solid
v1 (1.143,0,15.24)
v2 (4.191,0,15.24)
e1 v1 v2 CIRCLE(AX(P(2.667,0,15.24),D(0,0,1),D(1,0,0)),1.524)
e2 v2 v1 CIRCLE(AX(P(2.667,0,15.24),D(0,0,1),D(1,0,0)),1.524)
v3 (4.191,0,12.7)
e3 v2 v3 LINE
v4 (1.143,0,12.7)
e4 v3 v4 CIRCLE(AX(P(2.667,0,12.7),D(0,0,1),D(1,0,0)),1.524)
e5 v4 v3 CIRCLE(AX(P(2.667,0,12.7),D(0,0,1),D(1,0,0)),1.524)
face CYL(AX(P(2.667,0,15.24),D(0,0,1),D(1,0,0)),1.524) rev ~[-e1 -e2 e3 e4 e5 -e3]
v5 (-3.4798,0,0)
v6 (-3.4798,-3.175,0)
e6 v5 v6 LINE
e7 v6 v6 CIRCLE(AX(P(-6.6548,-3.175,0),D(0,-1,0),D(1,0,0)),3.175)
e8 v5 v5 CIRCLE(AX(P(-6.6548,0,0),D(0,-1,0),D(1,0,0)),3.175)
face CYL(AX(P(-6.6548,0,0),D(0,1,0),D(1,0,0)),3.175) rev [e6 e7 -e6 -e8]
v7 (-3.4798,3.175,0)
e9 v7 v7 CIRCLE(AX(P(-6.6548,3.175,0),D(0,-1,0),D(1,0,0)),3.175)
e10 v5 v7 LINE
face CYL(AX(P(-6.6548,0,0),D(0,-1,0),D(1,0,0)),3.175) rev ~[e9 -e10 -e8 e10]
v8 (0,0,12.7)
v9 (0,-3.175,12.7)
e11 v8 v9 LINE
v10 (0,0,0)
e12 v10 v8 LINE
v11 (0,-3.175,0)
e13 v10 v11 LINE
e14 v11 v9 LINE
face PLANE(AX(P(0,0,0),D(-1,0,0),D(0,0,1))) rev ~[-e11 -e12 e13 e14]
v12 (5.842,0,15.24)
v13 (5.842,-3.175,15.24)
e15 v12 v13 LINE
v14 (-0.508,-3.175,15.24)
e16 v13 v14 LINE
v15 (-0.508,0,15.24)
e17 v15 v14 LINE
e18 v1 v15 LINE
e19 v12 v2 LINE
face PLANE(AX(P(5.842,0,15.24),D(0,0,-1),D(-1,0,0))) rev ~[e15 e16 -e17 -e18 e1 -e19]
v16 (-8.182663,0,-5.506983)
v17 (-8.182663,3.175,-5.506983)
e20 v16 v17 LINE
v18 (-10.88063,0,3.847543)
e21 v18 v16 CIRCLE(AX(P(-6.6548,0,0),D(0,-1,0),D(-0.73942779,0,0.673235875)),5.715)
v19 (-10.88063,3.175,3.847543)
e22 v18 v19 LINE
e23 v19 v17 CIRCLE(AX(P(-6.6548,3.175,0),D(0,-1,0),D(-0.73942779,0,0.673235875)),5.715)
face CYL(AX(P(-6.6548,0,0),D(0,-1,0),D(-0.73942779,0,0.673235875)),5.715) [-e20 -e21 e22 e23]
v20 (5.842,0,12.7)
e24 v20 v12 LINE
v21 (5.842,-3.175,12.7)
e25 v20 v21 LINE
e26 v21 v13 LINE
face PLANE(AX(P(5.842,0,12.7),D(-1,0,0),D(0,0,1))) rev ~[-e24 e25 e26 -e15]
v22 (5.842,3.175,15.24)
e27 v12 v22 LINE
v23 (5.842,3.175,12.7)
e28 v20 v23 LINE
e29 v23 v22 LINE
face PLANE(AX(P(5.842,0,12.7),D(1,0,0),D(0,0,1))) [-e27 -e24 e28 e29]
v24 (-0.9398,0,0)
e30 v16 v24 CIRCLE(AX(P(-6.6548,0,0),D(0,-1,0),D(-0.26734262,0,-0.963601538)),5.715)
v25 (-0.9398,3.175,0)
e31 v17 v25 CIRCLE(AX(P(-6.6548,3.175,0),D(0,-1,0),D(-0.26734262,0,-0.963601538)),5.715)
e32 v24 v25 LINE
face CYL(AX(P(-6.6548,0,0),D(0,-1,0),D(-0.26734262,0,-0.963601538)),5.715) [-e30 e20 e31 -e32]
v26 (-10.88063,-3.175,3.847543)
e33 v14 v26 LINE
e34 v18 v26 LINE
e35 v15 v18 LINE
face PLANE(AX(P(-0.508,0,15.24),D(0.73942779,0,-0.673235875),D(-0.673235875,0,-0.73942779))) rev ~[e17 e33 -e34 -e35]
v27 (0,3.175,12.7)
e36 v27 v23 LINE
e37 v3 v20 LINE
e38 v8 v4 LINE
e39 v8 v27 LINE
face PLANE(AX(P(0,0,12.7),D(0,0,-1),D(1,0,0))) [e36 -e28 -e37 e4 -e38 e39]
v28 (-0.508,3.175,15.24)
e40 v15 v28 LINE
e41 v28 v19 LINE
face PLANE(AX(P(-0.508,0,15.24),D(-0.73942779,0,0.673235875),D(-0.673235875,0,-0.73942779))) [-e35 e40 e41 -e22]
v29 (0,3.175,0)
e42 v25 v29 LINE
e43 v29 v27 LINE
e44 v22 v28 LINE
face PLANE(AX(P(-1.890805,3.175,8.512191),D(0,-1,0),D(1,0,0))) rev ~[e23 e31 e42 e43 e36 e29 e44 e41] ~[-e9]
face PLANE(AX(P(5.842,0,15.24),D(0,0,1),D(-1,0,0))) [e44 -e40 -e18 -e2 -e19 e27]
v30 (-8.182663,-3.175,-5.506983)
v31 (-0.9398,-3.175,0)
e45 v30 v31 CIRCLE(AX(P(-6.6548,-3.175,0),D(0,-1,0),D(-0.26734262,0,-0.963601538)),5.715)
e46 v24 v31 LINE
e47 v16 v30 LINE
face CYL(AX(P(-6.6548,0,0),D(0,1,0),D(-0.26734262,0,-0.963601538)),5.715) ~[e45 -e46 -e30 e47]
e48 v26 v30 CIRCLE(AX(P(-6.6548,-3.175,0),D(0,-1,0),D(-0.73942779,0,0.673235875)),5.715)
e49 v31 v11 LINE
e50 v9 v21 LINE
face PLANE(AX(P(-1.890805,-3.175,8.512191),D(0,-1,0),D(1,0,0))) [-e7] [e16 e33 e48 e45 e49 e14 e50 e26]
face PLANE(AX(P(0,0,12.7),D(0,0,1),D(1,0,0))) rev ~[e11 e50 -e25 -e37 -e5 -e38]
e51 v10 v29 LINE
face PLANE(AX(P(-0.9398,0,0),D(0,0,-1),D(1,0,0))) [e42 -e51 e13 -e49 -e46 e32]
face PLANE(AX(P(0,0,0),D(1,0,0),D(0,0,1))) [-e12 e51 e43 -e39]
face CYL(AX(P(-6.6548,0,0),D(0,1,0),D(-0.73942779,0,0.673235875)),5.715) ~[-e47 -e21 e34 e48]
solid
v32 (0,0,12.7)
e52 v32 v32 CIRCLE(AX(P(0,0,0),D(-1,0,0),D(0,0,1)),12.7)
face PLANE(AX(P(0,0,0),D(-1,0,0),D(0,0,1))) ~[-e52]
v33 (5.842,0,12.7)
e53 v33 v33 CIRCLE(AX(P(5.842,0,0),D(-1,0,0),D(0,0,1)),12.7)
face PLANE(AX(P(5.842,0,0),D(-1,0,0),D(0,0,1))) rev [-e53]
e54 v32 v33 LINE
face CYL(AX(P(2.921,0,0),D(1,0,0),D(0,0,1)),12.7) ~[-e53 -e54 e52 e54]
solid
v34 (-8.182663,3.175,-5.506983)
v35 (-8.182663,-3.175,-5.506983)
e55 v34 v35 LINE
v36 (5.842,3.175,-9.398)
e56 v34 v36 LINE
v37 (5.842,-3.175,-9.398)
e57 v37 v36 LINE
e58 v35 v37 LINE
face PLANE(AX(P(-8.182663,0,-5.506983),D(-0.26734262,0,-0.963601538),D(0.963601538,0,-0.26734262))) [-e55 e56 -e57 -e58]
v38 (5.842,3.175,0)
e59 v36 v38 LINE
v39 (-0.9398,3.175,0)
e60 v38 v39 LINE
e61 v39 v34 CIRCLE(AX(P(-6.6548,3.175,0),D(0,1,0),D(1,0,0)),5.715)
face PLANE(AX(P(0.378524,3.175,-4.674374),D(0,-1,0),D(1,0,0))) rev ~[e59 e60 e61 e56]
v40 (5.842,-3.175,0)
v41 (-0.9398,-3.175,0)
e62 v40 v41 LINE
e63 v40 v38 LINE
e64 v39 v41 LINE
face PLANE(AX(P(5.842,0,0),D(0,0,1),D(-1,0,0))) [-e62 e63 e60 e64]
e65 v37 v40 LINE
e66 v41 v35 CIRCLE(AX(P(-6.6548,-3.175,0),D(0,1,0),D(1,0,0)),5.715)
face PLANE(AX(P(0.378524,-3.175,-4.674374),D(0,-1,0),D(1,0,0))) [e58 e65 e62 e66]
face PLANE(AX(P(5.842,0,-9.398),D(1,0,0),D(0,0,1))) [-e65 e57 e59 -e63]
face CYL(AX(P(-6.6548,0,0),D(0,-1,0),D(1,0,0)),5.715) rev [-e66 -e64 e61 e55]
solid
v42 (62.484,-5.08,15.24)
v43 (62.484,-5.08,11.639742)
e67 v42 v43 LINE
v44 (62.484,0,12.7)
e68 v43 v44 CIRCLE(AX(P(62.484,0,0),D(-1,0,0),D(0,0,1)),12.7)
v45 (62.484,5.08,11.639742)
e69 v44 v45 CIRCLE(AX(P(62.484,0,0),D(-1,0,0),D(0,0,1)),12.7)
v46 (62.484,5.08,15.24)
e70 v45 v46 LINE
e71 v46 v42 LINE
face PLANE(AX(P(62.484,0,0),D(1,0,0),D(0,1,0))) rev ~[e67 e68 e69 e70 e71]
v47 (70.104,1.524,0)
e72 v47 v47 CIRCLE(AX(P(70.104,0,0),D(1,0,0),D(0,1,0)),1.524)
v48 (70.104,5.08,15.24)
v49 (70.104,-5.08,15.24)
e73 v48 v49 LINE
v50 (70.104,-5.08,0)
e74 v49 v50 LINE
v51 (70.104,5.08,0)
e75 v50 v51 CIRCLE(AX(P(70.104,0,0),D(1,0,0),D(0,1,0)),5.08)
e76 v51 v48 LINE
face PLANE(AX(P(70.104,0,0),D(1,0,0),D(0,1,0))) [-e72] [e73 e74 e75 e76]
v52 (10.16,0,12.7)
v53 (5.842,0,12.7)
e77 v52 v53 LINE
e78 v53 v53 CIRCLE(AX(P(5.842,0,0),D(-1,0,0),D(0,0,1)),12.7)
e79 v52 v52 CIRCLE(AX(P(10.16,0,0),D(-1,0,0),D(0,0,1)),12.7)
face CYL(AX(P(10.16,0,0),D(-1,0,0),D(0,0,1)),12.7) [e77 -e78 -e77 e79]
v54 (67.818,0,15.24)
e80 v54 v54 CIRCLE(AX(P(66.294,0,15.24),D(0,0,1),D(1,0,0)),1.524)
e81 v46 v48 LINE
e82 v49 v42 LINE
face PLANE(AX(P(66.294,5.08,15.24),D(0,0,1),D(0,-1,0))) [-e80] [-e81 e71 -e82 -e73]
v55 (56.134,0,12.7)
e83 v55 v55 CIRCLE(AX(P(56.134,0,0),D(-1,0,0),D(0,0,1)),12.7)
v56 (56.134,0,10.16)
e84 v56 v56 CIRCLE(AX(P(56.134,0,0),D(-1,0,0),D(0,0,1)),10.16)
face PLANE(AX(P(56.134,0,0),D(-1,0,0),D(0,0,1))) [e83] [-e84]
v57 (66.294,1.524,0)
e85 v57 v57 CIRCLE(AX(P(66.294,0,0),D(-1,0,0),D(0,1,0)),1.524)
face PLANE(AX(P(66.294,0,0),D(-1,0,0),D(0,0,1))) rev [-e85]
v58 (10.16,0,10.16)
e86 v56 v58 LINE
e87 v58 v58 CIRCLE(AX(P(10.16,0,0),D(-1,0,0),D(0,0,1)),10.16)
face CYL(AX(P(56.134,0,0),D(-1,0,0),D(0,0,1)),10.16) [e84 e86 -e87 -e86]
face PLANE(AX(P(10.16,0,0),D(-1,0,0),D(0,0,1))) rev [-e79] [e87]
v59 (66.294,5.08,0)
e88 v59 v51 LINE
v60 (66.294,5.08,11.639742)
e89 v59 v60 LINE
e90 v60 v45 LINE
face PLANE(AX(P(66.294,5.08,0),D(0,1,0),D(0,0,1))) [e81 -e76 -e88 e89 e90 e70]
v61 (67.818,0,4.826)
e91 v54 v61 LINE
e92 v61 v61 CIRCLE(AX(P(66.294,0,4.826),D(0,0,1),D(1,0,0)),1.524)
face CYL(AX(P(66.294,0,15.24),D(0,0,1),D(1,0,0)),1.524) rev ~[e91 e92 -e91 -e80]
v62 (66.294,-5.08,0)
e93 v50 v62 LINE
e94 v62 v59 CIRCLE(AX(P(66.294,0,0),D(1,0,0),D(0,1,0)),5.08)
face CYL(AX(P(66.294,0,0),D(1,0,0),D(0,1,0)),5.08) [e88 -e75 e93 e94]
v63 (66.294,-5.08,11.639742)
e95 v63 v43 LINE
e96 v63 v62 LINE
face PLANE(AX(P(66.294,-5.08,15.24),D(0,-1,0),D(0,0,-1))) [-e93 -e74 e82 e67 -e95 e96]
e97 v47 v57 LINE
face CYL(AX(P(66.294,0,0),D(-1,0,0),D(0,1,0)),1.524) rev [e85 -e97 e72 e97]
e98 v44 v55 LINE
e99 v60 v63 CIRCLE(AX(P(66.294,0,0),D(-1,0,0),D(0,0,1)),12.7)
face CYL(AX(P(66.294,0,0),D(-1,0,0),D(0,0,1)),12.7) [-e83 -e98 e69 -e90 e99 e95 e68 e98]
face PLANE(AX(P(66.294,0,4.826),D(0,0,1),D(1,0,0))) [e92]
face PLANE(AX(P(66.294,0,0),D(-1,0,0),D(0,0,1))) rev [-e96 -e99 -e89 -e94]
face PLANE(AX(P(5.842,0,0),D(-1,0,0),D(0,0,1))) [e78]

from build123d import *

# Parameters (mm, degrees)
F0_R      = 3.175
F1_DEPTH  = 3.175
F0_W      = 5.842
F0_H      = 12.7
F4_DEPTH  = 3.175
F5_R      = 1.524
F6_DEPTH  = 3.81
F7_R      = 1.524
F8_DEPTH  = 10.414
F9_R      = 1.524
F10_DEPTH = 17.78


with BuildPart() as f1:
    # F0 (on Front) → F1 (new body, symmetric)
    with BuildSketch(Plane.XZ):
        with BuildLine():
            Line((-0.9398, 0), (0, 0))
            Line((0, 0), (0, 12.7))
            Line((0, 12.7), (5.842, 12.7))
            Line((5.842, 12.7), (5.842, 15.24))
            Line((5.842, 15.24), (-0.508, 15.24))
            Line((-0.508, 15.24), (-10.8806298187, 3.8475430269))
            ThreePointArc((-10.8806298187, 3.8475430269), (-4.5919612295, 5.3297205562), (-0.9398, 0))
        make_face()
        with BuildLine():
            ThreePointArc((-8.1826630726, -5.5069827884), (-3.1957909266, -4.5493385486), (-0.9398, 0))
            ThreePointArc((-0.9398, 0), (-4.5919612295, 5.3297205562), (-10.8806298187, 3.8475430269))
            ThreePointArc((-10.8806298187, 3.8475430269), (-12.1459778134, -1.5837270034), (-8.1826630726, -5.5069827884))
        make_face()
        with Locations((-6.6548, 0)):
            Circle(F0_R, mode=Mode.SUBTRACT)
    extrude(amount=F1_DEPTH, both=True)

    # F9 (on face) → F10 (cut)
    with BuildSketch(Plane.XY.offset(15.24)):
        with Locations((2.667, 0)):
            Circle(F9_R)
    extrude(amount=-F10_DEPTH, mode=Mode.SUBTRACT)


with BuildPart() as f2:
    # F0 (on Front) → F2 (revolve)
    with BuildSketch(Plane.XZ):
        Polygon((5.842, 12.7), (5.842, 0), (66.294, 0), (66.294, 12.7), (56.134, 12.7), (56.134, 10.16), (10.16, 10.16), (10.16, 12.7), align=None)
    revolve(axis=Axis((-3.3274, 0, 0), (-1, 0, 0)))

    # F5 (on face) → F6 (join, symmetric)
    with BuildSketch(Plane.YZ.offset(66.294)):
        with BuildLine():
            ThreePointArc((-5.08, 0), (0, -5.08), (5.08, 0))
            ThreePointArc((5.08, 0), (0, 5.08), (-5.08, 0))
        make_face()
        Circle(F5_R, mode=Mode.SUBTRACT)
        with BuildLine():
            ThreePointArc((-5.08, 0), (0, 5.08), (5.08, 0))
            Line((5.08, 0), (5.08, 15.24))
            Line((5.08, 15.24), (-5.08, 15.24))
            Line((-5.08, 15.24), (-5.08, 0))
        make_face()
    extrude(amount=F6_DEPTH, both=True)

    # F7 (on face) → F8 (cut)
    with BuildSketch(Plane.XY.offset(15.24)):
        with Locations((66.294, 0)):
            Circle(F7_R)
    extrude(amount=-F8_DEPTH, mode=Mode.SUBTRACT)


with BuildPart() as f3:
    # F0 (on Front) → F3 (revolve)
    with BuildSketch(Plane.XZ):
        with Locations((2.921, 6.35)):
            Rectangle(F0_W, F0_H)
    revolve(axis=Axis((-3.3274, 0, 0), (-1, 0, 0)))


with BuildPart() as f4:
    # F0 (on Front) → F4 (new body, symmetric)
    with BuildSketch(Plane.XZ):
        with BuildLine():
            Line((5.842, 0), (0, 0))
            Line((0, 0), (-0.9398, 0))
            ThreePointArc((-0.9398, 0), (-3.1957909266, -4.5493385486), (-8.1826630726, -5.5069827884))
            Line((-8.1826630726, -5.5069827884), (5.842, -9.398))
            Line((5.842, -9.398), (5.842, 0))
        make_face()
    extrude(amount=F4_DEPTH, both=True)


solid = Compound([f1.part, f2.part, f3.part, f4.part])
